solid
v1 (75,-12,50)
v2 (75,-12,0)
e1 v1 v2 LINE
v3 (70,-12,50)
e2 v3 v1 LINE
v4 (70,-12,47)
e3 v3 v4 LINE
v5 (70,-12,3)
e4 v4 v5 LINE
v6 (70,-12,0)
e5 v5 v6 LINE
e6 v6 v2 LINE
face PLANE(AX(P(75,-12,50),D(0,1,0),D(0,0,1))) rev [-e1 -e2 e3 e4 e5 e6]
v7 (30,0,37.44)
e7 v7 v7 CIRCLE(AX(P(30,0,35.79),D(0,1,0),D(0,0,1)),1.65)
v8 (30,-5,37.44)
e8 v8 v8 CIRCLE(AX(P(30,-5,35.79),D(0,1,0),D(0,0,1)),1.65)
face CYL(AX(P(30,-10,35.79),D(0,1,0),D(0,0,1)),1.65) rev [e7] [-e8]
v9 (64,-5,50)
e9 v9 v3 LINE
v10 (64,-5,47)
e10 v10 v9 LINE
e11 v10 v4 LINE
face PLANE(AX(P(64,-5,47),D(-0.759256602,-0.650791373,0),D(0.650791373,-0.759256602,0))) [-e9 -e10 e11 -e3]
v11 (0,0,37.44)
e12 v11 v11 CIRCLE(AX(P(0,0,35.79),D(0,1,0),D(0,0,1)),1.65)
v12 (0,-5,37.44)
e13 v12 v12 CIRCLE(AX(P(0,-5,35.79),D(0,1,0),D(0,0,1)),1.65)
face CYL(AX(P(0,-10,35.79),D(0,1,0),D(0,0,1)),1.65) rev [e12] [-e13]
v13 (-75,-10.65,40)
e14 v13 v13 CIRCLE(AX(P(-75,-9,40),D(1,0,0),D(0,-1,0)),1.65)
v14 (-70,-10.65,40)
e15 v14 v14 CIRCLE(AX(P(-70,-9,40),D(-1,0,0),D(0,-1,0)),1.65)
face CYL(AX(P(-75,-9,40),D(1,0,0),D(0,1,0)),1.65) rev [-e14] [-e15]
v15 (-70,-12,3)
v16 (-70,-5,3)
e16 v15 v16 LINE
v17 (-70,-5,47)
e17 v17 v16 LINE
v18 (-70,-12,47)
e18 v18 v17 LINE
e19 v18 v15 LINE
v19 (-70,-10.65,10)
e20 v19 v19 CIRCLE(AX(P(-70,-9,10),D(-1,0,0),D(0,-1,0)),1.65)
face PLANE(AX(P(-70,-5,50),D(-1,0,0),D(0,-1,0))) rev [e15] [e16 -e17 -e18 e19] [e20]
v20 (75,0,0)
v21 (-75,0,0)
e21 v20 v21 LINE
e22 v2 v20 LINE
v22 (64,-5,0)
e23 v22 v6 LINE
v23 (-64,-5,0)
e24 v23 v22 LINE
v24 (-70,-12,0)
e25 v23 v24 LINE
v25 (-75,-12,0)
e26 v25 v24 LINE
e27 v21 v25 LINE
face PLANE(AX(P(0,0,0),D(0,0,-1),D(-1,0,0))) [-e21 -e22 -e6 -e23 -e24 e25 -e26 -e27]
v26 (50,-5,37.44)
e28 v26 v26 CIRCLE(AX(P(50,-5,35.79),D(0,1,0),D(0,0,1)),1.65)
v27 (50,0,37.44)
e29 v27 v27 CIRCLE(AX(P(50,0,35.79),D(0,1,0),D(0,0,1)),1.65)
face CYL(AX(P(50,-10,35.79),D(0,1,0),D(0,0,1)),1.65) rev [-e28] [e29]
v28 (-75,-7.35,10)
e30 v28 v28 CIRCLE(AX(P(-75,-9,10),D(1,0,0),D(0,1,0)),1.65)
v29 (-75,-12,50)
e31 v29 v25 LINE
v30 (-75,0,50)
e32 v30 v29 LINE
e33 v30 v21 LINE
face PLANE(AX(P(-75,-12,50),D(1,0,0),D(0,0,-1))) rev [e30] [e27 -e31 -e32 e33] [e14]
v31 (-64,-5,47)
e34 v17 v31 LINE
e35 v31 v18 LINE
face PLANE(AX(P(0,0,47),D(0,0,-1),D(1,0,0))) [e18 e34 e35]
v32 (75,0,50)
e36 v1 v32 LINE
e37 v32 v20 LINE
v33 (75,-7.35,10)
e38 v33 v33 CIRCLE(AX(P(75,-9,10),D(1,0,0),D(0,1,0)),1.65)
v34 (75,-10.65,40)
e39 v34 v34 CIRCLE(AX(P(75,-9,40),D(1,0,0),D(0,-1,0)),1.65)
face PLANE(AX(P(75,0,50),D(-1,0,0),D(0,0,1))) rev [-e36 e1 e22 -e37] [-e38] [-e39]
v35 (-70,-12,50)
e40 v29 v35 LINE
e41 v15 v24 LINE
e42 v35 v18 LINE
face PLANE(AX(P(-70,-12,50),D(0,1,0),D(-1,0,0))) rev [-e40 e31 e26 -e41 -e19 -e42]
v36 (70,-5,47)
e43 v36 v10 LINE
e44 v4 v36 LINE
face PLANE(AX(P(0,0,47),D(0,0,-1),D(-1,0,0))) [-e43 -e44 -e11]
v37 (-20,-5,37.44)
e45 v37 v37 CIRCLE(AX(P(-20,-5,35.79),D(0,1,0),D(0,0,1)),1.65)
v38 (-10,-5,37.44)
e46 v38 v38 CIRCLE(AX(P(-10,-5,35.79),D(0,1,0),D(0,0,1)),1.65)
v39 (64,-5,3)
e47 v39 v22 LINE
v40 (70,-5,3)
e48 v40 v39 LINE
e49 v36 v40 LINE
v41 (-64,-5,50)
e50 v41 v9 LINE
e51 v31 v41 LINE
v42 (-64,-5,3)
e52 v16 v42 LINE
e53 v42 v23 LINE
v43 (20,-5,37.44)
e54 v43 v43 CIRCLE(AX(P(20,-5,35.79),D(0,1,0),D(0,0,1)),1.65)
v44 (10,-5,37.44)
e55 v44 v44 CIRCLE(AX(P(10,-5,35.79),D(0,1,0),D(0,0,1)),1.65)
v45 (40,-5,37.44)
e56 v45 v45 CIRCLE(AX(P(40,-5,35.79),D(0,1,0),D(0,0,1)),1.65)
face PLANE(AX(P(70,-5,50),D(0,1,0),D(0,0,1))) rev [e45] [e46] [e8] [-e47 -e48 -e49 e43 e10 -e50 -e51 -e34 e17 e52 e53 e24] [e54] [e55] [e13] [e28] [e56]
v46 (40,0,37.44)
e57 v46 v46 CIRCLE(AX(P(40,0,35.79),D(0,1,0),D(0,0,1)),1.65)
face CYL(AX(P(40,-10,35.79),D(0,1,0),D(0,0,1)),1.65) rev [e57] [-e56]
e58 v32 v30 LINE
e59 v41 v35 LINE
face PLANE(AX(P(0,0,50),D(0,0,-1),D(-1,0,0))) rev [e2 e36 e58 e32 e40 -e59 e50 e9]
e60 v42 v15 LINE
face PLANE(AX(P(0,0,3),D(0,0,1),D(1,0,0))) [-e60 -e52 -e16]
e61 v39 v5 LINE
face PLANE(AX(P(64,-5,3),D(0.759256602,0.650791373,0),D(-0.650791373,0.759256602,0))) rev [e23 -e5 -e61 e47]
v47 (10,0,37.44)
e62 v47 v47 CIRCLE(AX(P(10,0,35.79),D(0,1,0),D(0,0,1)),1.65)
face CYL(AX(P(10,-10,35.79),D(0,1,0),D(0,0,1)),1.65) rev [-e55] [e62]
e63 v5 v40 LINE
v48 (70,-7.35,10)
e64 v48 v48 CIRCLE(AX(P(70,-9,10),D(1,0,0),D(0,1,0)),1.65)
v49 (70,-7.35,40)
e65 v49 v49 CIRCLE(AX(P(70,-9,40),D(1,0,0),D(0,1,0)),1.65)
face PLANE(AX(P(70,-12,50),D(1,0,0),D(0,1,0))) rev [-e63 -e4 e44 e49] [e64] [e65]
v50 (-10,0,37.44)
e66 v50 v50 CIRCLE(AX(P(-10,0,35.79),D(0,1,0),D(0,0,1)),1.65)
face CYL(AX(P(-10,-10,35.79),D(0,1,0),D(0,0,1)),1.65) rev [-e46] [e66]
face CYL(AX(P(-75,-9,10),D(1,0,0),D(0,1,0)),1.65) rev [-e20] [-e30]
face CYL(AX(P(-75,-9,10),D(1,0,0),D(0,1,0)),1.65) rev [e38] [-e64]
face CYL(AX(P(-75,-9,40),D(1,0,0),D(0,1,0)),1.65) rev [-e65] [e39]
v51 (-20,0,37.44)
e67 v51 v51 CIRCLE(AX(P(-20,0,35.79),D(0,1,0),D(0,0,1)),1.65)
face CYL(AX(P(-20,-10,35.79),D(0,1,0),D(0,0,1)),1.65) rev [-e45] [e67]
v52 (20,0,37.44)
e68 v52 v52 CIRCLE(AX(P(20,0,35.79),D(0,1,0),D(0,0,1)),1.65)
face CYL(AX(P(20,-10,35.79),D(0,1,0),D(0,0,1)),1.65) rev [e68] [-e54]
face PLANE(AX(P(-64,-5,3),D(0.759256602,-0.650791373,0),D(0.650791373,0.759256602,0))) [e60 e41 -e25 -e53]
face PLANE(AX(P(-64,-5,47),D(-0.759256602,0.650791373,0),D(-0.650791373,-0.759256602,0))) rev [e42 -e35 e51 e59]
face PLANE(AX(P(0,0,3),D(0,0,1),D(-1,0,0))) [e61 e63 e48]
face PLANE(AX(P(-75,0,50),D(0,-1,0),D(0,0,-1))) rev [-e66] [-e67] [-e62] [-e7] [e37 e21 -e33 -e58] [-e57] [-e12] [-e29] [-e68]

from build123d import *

# Parameters (mm, degrees)
EXTRUDE_2_DEPTH          = 50
CUT_EXTRUDE_1_DEPTH      = 154.847326919
CUT_EXTRUDE_1_DEPTH_BACK = 154.847326919
SKETCH_3_R               = 1.65
EXTRUDE_3_DEPTH          = 3
MIRROR_2_COPY_1_DEPTH    = 3
SKETCH_7_R               = 1.65
CUT_EXTRUDE_2_DEPTH      = 10


with BuildPart() as part:
    # 草图1 → 凸台-拉伸2 (new body)
    with BuildSketch(Plane.XY):
        Polygon((-75, 0), (75, 0), (75, -12), (70, -12), (70, -5), (-70, -5), (-70, -12), (-75, -12), align=None)
    extrude(amount=EXTRUDE_2_DEPTH)

    # 草图3 → 切除-拉伸1 (cut, two sides: drawn at the far end of the back side and taken through both)
    with BuildSketch(Plane(origin=(-70, 0, 0), x_dir=(0, 0, -1), z_dir=(1, 0, 0)).offset(-CUT_EXTRUDE_1_DEPTH_BACK)):
        with Locations(Location((-10, -9, 0), (0, 0, 90))):
            Circle(SKETCH_3_R)
        with Locations(Location((-40, -9, 0), (0, 0, 90))):
            Circle(SKETCH_3_R)
    extrude(amount=CUT_EXTRUDE_1_DEPTH + CUT_EXTRUDE_1_DEPTH_BACK, mode=Mode.SUBTRACT)

    # 草图4 → 凸台-拉伸3 (add)
    with BuildSketch(Plane(origin=(0, 0, 0), x_dir=(-1, 0, 0), z_dir=(0, 0, -1))):
        Polygon((64, -5), (70, -12), (70, -5), align=None)
    extrude_3 = extrude(amount=-EXTRUDE_3_DEPTH)

    # 镜向1: 凸台-拉伸3 across plane
    add(extrude_3.mirror(Plane.XY.offset(25)))

    # 镜向2: 凸台-拉伸3 across plane
    add(extrude_3.mirror(Plane(origin=(0, 0, 0), x_dir=(0, 0, 1), z_dir=(1, 0, 0))))

    # 镜向2 copy 1 sketch → 镜向2 copy 1 (add)
    with BuildSketch(Plane.XY.offset(50)):
        Polygon((64, -5), (70, -12), (70, -5), align=None)
    extrude(amount=-MIRROR_2_COPY_1_DEPTH)

    # 草图7 → 切除-拉伸2 (cut)
    with BuildSketch(Plane(origin=(0, 0, 0), x_dir=(1, 0, 0), z_dir=(0, 1, 0))):
        with Locations(Location((50, -35.79, 0), (0, 0, 270))):
            Circle(SKETCH_7_R)
        with Locations(Location((40, -35.79, 0), (0, 0, 270))):
            Circle(SKETCH_7_R)
        with Locations(Location((30, -35.79, 0), (0, 0, 270))):
            Circle(SKETCH_7_R)
        with Locations(Location((20, -35.79, 0), (0, 0, 270))):
            Circle(SKETCH_7_R)
        with Locations(Location((10, -35.79, 0), (0, 0, 270))):
            Circle(SKETCH_7_R)
        with Locations(Location((0, -35.79, 0), (0, 0, 270))):
            Circle(SKETCH_7_R)
        with Locations(Location((-10, -35.79, 0), (0, 0, 270))):
            Circle(SKETCH_7_R)
        with Locations(Location((-20, -35.79, 0), (0, 0, 270))):
            Circle(SKETCH_7_R)
    extrude(amount=-CUT_EXTRUDE_2_DEPTH, mode=Mode.SUBTRACT)


solid = part.part
